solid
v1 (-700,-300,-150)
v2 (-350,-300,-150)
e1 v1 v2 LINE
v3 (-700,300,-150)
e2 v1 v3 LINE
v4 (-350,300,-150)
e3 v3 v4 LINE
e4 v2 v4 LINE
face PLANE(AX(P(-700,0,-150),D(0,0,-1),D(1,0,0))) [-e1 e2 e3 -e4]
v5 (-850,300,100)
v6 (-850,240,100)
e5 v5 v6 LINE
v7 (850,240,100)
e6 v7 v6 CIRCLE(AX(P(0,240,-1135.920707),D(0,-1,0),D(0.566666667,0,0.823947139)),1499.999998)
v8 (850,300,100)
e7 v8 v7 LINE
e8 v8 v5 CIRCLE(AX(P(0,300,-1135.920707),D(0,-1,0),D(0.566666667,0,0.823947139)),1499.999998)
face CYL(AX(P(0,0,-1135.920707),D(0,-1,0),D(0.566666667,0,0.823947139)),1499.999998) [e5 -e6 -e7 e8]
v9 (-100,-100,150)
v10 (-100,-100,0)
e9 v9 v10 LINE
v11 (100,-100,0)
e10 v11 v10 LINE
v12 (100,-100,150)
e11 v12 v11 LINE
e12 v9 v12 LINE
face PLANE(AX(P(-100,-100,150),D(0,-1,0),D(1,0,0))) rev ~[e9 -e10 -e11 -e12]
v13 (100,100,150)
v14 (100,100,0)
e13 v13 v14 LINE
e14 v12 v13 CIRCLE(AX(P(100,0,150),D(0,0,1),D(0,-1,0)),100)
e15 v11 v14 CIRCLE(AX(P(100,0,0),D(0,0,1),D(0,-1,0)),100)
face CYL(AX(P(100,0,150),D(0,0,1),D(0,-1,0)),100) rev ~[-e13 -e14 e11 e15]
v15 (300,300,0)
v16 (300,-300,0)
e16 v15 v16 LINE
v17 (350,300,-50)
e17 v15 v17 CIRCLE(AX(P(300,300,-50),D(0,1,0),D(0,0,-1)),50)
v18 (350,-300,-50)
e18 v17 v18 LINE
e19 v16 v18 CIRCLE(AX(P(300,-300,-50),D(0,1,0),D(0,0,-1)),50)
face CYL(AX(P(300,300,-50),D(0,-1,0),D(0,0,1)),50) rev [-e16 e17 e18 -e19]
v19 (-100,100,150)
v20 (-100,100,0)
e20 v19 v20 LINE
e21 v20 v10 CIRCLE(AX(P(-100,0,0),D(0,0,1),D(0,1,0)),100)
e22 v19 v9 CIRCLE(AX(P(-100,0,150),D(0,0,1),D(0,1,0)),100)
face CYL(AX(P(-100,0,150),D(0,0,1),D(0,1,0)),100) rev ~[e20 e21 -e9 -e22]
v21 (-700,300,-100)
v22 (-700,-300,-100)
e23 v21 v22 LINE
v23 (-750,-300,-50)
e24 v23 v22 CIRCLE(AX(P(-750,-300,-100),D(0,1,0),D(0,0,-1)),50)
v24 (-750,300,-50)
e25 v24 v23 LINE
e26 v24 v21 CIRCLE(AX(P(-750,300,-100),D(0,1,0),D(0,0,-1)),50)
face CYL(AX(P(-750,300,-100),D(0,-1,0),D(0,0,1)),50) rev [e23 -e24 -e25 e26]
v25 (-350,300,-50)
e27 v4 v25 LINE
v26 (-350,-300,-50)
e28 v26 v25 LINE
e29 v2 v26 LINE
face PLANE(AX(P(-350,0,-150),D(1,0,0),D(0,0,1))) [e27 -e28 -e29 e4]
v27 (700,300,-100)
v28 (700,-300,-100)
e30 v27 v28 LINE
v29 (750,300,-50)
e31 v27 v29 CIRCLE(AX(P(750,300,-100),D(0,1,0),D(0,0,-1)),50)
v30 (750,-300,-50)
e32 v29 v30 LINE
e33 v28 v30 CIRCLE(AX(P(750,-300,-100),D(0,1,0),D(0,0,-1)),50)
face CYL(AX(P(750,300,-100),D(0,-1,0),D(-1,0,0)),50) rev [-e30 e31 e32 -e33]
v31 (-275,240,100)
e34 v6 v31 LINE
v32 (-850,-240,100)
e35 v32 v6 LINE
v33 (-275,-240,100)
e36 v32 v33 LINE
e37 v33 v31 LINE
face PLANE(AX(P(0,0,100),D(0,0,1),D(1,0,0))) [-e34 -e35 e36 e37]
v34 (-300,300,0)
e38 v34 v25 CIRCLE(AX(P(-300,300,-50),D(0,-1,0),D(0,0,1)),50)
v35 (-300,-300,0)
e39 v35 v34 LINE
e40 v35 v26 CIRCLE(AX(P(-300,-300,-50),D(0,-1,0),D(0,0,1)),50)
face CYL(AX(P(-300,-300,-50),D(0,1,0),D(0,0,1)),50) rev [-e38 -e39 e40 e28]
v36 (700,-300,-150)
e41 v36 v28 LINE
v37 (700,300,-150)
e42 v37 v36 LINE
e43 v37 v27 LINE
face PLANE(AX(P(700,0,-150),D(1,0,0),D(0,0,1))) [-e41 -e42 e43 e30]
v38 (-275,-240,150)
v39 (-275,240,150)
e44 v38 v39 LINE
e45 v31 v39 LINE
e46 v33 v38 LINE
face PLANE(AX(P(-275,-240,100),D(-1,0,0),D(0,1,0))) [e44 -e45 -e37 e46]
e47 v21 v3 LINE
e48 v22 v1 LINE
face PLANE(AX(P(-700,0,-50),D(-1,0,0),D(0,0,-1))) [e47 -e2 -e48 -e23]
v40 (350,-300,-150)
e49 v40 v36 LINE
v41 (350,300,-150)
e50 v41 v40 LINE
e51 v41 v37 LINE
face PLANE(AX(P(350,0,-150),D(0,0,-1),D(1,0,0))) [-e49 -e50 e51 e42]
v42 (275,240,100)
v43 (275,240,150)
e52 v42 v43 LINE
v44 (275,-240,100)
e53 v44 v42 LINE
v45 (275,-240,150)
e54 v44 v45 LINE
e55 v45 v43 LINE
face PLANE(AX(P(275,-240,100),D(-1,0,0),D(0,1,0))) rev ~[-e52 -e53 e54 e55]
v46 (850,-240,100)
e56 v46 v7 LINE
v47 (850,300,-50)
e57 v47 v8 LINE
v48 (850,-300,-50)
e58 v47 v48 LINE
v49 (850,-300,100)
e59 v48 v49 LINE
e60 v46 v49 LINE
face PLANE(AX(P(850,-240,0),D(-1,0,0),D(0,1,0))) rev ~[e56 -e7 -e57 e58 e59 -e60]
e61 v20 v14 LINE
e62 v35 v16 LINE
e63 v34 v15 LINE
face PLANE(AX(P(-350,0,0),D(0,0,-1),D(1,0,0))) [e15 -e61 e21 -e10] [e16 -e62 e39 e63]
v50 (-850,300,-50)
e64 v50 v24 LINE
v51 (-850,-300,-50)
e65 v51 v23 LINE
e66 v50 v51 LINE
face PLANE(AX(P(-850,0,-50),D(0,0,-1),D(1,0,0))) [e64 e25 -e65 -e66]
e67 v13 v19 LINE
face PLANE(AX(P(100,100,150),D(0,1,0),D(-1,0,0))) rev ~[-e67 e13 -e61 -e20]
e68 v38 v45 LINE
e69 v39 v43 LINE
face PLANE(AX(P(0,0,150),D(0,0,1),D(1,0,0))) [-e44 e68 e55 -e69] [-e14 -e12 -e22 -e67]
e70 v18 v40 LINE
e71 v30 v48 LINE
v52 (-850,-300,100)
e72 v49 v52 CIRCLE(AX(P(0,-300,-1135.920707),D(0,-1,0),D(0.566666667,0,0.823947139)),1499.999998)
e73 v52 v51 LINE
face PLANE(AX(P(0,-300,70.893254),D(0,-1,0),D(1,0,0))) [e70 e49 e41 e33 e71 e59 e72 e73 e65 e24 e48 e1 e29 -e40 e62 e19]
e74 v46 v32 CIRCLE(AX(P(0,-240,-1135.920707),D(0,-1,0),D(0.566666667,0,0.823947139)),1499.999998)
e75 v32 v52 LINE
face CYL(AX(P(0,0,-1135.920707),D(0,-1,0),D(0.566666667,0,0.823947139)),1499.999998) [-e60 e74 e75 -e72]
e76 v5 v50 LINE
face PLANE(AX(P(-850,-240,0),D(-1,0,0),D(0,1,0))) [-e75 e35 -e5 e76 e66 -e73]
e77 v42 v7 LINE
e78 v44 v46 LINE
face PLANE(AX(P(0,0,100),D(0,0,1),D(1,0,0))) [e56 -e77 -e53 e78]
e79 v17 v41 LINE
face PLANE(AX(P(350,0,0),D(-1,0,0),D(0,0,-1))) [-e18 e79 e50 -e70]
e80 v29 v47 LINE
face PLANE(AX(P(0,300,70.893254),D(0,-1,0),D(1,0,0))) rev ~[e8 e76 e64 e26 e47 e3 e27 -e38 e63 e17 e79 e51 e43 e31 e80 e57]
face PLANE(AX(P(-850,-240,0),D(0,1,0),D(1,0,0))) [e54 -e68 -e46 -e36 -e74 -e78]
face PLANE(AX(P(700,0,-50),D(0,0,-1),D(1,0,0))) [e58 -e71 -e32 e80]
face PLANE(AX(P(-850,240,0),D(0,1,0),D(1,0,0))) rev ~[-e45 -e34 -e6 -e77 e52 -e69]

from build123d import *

# Parameters (mm, degrees)
F1_DEPTH = 300
F2_W     = 1700
F2_H     = 480
F3_DEPTH = 364.080291
F4_W     = 1700
F4_H     = 480
F5_DEPTH = 100
F6_W     = 550
F6_H     = 480
F7_DEPTH = 50
F9_DEPTH = 300.001
F10_R    = 50


with BuildPart() as f1:
    # F0 (on Front) → F1 (new body, symmetric)
    with BuildSketch(Plane.XZ):
        with BuildLine():
            Line((-350, 0), (0, 0))
            Line((0, 0), (350, 0))
            Line((350, 0), (350, -150))
            Line((350, -150), (700, -150))
            Line((700, -150), (700, -50))
            Line((700, -50), (850, -50))
            Line((850, -50), (850, 100))
            ThreePointArc((850, 100), (0, 364.079291), (-850, 100))
            Line((-850, 100), (-850, -50))
            Line((-850, -50), (-700, -50))
            Line((-700, -50), (-700, -150))
            Line((-700, -150), (-350, -150))
            Line((-350, -150), (-350, 0))
        make_face()
    extrude(amount=F1_DEPTH, both=True)

    # F2 (on Top) → F3 (cut, through all)
    with BuildSketch(Plane.XY):
        Rectangle(F2_W, F2_H)
    extrude(amount=F3_DEPTH, mode=Mode.SUBTRACT)

    # F4 (on face) → F5 (join)
    with BuildSketch(Plane.XY):
        Rectangle(F4_W, F4_H)
    extrude(amount=F5_DEPTH)

    # F6 (on face) → F7 (join)
    with BuildSketch(Plane.XY.offset(100)):
        Rectangle(F6_W, F6_H)
    extrude(amount=F7_DEPTH)

    # F8 (on face) → F9 (cut, through all)
    with BuildSketch(Plane.XY.offset(150)):
        with BuildLine():
            Line((-100, -100), (100, -100))
            ThreePointArc((100, -100), (200, 0), (100, 100))
            Line((100, 100), (-100, 100))
            ThreePointArc((-100, 100), (-200, 0), (-100, -100))
        make_face()
    extrude(amount=-F9_DEPTH, mode=Mode.SUBTRACT)

    # F10
    f10_edges = [f1.edges().sort_by_distance(p)[0] for p in [
        (-350, 0, 0),
        (350, 0, 0),
        (-700, 0, -50),
        (700, 0, -50),
    ]]
    fillet(f10_edges, radius=F10_R)


solid = f1.part
